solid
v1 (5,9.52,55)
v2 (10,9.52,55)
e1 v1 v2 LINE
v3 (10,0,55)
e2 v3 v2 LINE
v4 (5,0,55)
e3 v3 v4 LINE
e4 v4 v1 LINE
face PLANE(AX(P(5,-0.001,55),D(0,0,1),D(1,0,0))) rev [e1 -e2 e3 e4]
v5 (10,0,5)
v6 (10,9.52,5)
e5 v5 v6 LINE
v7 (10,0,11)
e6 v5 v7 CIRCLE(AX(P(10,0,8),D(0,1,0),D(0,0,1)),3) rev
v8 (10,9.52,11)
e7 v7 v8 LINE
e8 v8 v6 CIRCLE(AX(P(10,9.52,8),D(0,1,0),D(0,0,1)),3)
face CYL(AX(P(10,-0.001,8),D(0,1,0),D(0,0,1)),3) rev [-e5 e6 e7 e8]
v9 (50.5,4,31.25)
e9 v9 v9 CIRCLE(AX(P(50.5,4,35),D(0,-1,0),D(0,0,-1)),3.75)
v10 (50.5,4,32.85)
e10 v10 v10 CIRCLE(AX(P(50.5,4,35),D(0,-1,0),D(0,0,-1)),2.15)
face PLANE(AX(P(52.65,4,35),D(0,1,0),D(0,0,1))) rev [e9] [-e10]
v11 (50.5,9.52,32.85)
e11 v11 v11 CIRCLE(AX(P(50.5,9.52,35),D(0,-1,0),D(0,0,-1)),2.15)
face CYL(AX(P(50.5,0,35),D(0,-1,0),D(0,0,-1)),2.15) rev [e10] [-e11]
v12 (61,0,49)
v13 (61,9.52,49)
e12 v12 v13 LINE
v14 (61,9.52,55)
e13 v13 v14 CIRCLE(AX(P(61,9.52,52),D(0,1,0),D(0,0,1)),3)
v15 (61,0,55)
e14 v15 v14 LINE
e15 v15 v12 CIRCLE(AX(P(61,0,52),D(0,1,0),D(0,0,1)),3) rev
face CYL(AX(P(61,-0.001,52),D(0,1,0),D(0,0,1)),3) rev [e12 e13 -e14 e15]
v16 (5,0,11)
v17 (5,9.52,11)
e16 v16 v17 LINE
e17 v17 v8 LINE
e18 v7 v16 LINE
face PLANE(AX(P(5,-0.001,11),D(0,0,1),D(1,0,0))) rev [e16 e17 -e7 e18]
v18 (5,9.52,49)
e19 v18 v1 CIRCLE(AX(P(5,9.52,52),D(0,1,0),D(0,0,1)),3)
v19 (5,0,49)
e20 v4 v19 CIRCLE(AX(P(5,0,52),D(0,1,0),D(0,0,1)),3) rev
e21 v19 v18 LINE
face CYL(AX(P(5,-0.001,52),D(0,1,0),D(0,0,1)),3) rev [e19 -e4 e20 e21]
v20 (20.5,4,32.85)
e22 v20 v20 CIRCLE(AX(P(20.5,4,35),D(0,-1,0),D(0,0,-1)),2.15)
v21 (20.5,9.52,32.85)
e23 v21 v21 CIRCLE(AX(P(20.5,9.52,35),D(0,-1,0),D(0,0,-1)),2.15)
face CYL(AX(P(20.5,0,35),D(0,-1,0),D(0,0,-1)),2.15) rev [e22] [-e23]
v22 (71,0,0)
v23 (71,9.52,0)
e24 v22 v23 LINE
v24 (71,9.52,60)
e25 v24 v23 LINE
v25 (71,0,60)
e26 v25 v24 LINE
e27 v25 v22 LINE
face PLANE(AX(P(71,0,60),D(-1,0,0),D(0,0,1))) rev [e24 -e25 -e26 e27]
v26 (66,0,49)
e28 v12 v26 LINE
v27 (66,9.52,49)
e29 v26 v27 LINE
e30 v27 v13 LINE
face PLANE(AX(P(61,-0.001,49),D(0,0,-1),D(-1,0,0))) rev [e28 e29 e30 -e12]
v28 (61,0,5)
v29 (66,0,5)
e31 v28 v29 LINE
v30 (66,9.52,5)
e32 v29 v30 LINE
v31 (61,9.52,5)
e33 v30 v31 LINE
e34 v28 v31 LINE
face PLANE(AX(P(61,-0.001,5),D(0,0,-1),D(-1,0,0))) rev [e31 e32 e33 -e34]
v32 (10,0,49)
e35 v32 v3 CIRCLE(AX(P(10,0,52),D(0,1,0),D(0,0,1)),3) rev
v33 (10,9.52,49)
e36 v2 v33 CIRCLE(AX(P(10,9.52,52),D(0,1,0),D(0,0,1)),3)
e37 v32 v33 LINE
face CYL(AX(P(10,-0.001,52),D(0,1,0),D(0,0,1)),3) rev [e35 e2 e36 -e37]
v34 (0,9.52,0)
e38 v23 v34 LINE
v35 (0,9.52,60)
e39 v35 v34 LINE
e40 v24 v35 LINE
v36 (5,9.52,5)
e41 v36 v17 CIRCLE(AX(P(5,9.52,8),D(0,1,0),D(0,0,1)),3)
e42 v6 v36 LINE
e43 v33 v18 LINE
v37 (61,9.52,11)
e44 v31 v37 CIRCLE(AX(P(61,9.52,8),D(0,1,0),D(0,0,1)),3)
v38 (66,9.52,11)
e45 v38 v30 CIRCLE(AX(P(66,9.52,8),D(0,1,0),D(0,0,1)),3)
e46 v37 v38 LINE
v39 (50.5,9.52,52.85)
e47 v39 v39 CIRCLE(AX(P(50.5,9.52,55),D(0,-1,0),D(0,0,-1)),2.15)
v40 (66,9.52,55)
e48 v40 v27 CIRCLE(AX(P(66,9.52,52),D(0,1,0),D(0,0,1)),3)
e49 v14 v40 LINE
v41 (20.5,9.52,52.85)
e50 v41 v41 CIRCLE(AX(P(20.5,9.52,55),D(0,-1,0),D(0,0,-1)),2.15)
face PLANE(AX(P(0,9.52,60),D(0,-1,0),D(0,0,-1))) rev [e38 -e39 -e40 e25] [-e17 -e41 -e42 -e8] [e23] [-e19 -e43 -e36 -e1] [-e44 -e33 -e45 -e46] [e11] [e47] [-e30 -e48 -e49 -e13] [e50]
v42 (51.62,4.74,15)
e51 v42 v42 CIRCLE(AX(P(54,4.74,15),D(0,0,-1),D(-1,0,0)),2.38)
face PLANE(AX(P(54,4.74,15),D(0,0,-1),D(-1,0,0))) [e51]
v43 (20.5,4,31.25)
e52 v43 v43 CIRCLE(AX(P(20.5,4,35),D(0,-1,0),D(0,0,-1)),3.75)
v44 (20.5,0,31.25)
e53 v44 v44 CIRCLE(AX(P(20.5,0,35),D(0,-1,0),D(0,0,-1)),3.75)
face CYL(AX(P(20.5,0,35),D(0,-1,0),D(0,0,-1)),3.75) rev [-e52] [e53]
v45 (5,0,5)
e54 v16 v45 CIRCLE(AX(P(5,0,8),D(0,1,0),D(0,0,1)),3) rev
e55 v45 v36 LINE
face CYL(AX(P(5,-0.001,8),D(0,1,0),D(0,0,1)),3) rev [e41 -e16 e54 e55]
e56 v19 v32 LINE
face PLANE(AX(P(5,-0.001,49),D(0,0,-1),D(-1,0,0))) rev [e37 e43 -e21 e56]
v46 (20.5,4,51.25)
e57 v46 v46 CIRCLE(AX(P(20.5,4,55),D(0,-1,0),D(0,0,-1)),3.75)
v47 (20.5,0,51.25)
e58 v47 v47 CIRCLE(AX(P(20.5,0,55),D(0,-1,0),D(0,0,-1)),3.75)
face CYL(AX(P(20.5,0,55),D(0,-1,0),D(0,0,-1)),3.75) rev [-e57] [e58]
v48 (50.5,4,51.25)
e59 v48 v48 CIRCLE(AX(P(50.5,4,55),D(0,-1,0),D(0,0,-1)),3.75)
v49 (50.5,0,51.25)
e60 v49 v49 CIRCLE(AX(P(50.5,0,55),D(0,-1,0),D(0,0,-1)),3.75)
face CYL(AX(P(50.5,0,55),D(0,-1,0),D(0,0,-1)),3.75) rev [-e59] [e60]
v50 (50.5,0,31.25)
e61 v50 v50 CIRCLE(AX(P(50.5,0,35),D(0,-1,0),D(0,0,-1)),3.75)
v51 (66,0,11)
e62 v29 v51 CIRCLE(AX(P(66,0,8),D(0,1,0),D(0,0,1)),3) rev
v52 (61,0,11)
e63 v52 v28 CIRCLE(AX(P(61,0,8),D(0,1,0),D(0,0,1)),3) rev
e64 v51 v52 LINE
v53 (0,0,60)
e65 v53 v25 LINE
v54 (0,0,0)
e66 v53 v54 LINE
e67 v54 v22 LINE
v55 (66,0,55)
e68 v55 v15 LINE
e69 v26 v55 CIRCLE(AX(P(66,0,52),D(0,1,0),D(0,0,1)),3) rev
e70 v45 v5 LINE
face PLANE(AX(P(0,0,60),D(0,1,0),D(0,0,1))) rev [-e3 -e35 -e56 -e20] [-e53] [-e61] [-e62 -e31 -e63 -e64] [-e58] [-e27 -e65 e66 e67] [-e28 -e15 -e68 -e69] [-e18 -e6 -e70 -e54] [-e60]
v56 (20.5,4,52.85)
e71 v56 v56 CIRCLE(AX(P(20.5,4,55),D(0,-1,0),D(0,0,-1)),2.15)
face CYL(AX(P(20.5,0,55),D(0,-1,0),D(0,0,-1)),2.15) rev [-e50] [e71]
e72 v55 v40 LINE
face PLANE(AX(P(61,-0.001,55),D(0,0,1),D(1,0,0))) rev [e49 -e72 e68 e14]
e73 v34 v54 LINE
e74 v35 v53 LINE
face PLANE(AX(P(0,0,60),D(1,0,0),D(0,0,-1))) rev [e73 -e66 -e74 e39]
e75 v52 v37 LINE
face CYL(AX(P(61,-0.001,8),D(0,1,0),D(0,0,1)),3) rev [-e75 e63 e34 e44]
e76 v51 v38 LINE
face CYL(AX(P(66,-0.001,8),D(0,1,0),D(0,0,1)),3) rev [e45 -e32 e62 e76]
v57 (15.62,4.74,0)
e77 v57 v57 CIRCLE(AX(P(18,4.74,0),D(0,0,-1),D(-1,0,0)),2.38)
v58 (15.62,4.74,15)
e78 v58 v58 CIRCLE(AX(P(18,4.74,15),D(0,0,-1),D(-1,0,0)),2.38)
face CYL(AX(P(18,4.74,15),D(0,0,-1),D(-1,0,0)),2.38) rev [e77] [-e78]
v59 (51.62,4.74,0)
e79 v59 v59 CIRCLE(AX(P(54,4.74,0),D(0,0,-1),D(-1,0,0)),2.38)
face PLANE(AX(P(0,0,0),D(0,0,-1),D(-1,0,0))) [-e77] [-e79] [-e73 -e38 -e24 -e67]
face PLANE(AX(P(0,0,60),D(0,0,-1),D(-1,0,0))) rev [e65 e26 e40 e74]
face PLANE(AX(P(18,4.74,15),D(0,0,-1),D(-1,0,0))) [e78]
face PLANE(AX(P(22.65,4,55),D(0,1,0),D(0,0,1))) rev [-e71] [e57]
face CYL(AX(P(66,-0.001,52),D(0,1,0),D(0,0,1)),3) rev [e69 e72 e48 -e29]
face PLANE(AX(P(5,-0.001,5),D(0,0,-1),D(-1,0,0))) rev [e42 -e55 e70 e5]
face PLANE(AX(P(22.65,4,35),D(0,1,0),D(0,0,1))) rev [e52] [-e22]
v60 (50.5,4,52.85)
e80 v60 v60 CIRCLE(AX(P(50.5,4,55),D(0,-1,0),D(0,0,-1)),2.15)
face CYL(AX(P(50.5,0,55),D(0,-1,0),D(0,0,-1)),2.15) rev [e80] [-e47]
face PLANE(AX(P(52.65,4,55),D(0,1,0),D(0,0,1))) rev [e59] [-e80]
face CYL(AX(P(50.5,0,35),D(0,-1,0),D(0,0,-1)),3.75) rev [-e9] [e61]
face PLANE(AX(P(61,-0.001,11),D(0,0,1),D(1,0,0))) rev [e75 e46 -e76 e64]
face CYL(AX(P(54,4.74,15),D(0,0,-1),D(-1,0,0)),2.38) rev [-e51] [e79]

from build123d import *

# Parameters (mm, degrees)
CROQUIS2_W                                           = 71
CROQUIS2_H                                           = 9.52
SALIENTE_EXTRUIR1_DEPTH                              = 60
CROQUIS3_R                                           = 2.38
CORTAR_EXTRUIR1_DEPTH                                = 15
CORTAR_EXTRUIR2_REACH                                = 95.443
REFRENTADO_PARA_TORNILLO_TAP_N_CON_CABEZ_D           = 4.3
REFRENTADO_PARA_TORNILLO_TAP_N_CON_CABEZ_DEPTH       = 17
REFRENTADO_PARA_TORNILLO_TAP_N_CON_CABEZ_CBORE_D     = 7.5
REFRENTADO_PARA_TORNILLO_TAP_N_CON_CABEZ_CBORE_DEPTH = 4
REFRENTADO_PARA_TORNILLO_TAP_N_CON_CABEZ_TIP         = 1.291850331


with BuildPart() as part:
    # Croquis2 → Saliente-Extruir1 (new body)
    with BuildSketch(Plane.XY):
        with Locations((35.5, 4.76)):
            Rectangle(CROQUIS2_W, CROQUIS2_H)
    extrude(amount=SALIENTE_EXTRUIR1_DEPTH)

    # Croquis3 → Cortar-Extruir1 (cut)
    with BuildSketch(Plane(origin=(0, 0, 0), x_dir=(-1, 0, 0), z_dir=(0, 0, -1))):
        with Locations((-54, 4.74)):
            Circle(CROQUIS3_R)
        with Locations((-18, 4.74)):
            Circle(CROQUIS3_R)
    extrude(amount=-CORTAR_EXTRUIR1_DEPTH, mode=Mode.SUBTRACT)

    # Croquis4 → Cortar-Extruir2 (cut, up to next)
    with BuildSketch(Plane(origin=(0, 9.52, 0), x_dir=(1, 0, 0), z_dir=(0, 1, 0)), mode=Mode.PRIVATE) as cortar_extruir2_sk1:
        with BuildLine():
            Line((61, -5), (66, -5))
            ThreePointArc((66, -5), (69, -8), (66, -11))
            Line((66, -11), (61, -11))
            ThreePointArc((61, -11), (58, -8), (61, -5))
        make_face()
    cortar_extruir2_tool1 = extrude(cortar_extruir2_sk1.sketch, amount=-CORTAR_EXTRUIR2_REACH, mode=Mode.PRIVATE) & part.part
    # Croquis4 → Cortar-Extruir2 (cut, up to next)
    with BuildSketch(Plane(origin=(0, 9.52, 0), x_dir=(1, 0, 0), z_dir=(0, 1, 0)), mode=Mode.PRIVATE) as cortar_extruir2_sk2:
        with BuildLine():
            Line((61, -49), (66, -49))
            ThreePointArc((66, -49), (69, -52), (66, -55))
            Line((66, -55), (61, -55))
            ThreePointArc((61, -55), (58, -52), (61, -49))
        make_face()
    cortar_extruir2_tool2 = extrude(cortar_extruir2_sk2.sketch, amount=-CORTAR_EXTRUIR2_REACH, mode=Mode.PRIVATE) & part.part
    # Croquis4 → Cortar-Extruir2 (cut, up to next)
    with BuildSketch(Plane(origin=(0, 9.52, 0), x_dir=(1, 0, 0), z_dir=(0, 1, 0)), mode=Mode.PRIVATE) as cortar_extruir2_sk3:
        with BuildLine():
            Line((5, -5), (10, -5))
            ThreePointArc((10, -5), (13, -8), (10, -11))
            Line((10, -11), (5, -11))
            ThreePointArc((5, -11), (2, -8), (5, -5))
        make_face()
    cortar_extruir2_tool3 = extrude(cortar_extruir2_sk3.sketch, amount=-CORTAR_EXTRUIR2_REACH, mode=Mode.PRIVATE) & part.part
    # Croquis4 → Cortar-Extruir2 (cut, up to next)
    with BuildSketch(Plane(origin=(0, 9.52, 0), x_dir=(1, 0, 0), z_dir=(0, 1, 0)), mode=Mode.PRIVATE) as cortar_extruir2_sk4:
        with BuildLine():
            Line((5, -49), (10, -49))
            ThreePointArc((10, -49), (13, -52), (10, -55))
            Line((10, -55), (5, -55))
            ThreePointArc((5, -55), (2, -52), (5, -49))
        make_face()
    cortar_extruir2_tool4 = extrude(cortar_extruir2_sk4.sketch, amount=-CORTAR_EXTRUIR2_REACH, mode=Mode.PRIVATE) & part.part
    add(cortar_extruir2_tool1.solids().sort_by_distance((63.5, 9.52, 8))[0], mode=Mode.SUBTRACT)
    add(cortar_extruir2_tool2.solids().sort_by_distance((63.5, 9.52, 52))[0], mode=Mode.SUBTRACT)
    add(cortar_extruir2_tool3.solids().sort_by_distance((7.5, 9.52, 8))[0], mode=Mode.SUBTRACT)
    add(cortar_extruir2_tool4.solids().sort_by_distance((7.5, 9.52, 52))[0], mode=Mode.SUBTRACT)

    # Refrentado para tornillo tapón con cabeza de clavija de M41
    with Locations(Plane(origin=(0, 0, 0), x_dir=(-1, 0, 0), z_dir=(0, -1, 0))):
        with Locations((-50.5, -35), (-50.5, -55), (-20.5, -55), (-20.5, -35)):
            CounterBoreHole(REFRENTADO_PARA_TORNILLO_TAP_N_CON_CABEZ_D / 2, REFRENTADO_PARA_TORNILLO_TAP_N_CON_CABEZ_CBORE_D / 2, REFRENTADO_PARA_TORNILLO_TAP_N_CON_CABEZ_CBORE_DEPTH, depth=REFRENTADO_PARA_TORNILLO_TAP_N_CON_CABEZ_DEPTH)
            with Locations((0, 0, -(REFRENTADO_PARA_TORNILLO_TAP_N_CON_CABEZ_DEPTH + REFRENTADO_PARA_TORNILLO_TAP_N_CON_CABEZ_TIP / 2))):  # 118° drill point
                Cone(0, REFRENTADO_PARA_TORNILLO_TAP_N_CON_CABEZ_D / 2, REFRENTADO_PARA_TORNILLO_TAP_N_CON_CABEZ_TIP, mode=Mode.SUBTRACT)


solid = part.part
